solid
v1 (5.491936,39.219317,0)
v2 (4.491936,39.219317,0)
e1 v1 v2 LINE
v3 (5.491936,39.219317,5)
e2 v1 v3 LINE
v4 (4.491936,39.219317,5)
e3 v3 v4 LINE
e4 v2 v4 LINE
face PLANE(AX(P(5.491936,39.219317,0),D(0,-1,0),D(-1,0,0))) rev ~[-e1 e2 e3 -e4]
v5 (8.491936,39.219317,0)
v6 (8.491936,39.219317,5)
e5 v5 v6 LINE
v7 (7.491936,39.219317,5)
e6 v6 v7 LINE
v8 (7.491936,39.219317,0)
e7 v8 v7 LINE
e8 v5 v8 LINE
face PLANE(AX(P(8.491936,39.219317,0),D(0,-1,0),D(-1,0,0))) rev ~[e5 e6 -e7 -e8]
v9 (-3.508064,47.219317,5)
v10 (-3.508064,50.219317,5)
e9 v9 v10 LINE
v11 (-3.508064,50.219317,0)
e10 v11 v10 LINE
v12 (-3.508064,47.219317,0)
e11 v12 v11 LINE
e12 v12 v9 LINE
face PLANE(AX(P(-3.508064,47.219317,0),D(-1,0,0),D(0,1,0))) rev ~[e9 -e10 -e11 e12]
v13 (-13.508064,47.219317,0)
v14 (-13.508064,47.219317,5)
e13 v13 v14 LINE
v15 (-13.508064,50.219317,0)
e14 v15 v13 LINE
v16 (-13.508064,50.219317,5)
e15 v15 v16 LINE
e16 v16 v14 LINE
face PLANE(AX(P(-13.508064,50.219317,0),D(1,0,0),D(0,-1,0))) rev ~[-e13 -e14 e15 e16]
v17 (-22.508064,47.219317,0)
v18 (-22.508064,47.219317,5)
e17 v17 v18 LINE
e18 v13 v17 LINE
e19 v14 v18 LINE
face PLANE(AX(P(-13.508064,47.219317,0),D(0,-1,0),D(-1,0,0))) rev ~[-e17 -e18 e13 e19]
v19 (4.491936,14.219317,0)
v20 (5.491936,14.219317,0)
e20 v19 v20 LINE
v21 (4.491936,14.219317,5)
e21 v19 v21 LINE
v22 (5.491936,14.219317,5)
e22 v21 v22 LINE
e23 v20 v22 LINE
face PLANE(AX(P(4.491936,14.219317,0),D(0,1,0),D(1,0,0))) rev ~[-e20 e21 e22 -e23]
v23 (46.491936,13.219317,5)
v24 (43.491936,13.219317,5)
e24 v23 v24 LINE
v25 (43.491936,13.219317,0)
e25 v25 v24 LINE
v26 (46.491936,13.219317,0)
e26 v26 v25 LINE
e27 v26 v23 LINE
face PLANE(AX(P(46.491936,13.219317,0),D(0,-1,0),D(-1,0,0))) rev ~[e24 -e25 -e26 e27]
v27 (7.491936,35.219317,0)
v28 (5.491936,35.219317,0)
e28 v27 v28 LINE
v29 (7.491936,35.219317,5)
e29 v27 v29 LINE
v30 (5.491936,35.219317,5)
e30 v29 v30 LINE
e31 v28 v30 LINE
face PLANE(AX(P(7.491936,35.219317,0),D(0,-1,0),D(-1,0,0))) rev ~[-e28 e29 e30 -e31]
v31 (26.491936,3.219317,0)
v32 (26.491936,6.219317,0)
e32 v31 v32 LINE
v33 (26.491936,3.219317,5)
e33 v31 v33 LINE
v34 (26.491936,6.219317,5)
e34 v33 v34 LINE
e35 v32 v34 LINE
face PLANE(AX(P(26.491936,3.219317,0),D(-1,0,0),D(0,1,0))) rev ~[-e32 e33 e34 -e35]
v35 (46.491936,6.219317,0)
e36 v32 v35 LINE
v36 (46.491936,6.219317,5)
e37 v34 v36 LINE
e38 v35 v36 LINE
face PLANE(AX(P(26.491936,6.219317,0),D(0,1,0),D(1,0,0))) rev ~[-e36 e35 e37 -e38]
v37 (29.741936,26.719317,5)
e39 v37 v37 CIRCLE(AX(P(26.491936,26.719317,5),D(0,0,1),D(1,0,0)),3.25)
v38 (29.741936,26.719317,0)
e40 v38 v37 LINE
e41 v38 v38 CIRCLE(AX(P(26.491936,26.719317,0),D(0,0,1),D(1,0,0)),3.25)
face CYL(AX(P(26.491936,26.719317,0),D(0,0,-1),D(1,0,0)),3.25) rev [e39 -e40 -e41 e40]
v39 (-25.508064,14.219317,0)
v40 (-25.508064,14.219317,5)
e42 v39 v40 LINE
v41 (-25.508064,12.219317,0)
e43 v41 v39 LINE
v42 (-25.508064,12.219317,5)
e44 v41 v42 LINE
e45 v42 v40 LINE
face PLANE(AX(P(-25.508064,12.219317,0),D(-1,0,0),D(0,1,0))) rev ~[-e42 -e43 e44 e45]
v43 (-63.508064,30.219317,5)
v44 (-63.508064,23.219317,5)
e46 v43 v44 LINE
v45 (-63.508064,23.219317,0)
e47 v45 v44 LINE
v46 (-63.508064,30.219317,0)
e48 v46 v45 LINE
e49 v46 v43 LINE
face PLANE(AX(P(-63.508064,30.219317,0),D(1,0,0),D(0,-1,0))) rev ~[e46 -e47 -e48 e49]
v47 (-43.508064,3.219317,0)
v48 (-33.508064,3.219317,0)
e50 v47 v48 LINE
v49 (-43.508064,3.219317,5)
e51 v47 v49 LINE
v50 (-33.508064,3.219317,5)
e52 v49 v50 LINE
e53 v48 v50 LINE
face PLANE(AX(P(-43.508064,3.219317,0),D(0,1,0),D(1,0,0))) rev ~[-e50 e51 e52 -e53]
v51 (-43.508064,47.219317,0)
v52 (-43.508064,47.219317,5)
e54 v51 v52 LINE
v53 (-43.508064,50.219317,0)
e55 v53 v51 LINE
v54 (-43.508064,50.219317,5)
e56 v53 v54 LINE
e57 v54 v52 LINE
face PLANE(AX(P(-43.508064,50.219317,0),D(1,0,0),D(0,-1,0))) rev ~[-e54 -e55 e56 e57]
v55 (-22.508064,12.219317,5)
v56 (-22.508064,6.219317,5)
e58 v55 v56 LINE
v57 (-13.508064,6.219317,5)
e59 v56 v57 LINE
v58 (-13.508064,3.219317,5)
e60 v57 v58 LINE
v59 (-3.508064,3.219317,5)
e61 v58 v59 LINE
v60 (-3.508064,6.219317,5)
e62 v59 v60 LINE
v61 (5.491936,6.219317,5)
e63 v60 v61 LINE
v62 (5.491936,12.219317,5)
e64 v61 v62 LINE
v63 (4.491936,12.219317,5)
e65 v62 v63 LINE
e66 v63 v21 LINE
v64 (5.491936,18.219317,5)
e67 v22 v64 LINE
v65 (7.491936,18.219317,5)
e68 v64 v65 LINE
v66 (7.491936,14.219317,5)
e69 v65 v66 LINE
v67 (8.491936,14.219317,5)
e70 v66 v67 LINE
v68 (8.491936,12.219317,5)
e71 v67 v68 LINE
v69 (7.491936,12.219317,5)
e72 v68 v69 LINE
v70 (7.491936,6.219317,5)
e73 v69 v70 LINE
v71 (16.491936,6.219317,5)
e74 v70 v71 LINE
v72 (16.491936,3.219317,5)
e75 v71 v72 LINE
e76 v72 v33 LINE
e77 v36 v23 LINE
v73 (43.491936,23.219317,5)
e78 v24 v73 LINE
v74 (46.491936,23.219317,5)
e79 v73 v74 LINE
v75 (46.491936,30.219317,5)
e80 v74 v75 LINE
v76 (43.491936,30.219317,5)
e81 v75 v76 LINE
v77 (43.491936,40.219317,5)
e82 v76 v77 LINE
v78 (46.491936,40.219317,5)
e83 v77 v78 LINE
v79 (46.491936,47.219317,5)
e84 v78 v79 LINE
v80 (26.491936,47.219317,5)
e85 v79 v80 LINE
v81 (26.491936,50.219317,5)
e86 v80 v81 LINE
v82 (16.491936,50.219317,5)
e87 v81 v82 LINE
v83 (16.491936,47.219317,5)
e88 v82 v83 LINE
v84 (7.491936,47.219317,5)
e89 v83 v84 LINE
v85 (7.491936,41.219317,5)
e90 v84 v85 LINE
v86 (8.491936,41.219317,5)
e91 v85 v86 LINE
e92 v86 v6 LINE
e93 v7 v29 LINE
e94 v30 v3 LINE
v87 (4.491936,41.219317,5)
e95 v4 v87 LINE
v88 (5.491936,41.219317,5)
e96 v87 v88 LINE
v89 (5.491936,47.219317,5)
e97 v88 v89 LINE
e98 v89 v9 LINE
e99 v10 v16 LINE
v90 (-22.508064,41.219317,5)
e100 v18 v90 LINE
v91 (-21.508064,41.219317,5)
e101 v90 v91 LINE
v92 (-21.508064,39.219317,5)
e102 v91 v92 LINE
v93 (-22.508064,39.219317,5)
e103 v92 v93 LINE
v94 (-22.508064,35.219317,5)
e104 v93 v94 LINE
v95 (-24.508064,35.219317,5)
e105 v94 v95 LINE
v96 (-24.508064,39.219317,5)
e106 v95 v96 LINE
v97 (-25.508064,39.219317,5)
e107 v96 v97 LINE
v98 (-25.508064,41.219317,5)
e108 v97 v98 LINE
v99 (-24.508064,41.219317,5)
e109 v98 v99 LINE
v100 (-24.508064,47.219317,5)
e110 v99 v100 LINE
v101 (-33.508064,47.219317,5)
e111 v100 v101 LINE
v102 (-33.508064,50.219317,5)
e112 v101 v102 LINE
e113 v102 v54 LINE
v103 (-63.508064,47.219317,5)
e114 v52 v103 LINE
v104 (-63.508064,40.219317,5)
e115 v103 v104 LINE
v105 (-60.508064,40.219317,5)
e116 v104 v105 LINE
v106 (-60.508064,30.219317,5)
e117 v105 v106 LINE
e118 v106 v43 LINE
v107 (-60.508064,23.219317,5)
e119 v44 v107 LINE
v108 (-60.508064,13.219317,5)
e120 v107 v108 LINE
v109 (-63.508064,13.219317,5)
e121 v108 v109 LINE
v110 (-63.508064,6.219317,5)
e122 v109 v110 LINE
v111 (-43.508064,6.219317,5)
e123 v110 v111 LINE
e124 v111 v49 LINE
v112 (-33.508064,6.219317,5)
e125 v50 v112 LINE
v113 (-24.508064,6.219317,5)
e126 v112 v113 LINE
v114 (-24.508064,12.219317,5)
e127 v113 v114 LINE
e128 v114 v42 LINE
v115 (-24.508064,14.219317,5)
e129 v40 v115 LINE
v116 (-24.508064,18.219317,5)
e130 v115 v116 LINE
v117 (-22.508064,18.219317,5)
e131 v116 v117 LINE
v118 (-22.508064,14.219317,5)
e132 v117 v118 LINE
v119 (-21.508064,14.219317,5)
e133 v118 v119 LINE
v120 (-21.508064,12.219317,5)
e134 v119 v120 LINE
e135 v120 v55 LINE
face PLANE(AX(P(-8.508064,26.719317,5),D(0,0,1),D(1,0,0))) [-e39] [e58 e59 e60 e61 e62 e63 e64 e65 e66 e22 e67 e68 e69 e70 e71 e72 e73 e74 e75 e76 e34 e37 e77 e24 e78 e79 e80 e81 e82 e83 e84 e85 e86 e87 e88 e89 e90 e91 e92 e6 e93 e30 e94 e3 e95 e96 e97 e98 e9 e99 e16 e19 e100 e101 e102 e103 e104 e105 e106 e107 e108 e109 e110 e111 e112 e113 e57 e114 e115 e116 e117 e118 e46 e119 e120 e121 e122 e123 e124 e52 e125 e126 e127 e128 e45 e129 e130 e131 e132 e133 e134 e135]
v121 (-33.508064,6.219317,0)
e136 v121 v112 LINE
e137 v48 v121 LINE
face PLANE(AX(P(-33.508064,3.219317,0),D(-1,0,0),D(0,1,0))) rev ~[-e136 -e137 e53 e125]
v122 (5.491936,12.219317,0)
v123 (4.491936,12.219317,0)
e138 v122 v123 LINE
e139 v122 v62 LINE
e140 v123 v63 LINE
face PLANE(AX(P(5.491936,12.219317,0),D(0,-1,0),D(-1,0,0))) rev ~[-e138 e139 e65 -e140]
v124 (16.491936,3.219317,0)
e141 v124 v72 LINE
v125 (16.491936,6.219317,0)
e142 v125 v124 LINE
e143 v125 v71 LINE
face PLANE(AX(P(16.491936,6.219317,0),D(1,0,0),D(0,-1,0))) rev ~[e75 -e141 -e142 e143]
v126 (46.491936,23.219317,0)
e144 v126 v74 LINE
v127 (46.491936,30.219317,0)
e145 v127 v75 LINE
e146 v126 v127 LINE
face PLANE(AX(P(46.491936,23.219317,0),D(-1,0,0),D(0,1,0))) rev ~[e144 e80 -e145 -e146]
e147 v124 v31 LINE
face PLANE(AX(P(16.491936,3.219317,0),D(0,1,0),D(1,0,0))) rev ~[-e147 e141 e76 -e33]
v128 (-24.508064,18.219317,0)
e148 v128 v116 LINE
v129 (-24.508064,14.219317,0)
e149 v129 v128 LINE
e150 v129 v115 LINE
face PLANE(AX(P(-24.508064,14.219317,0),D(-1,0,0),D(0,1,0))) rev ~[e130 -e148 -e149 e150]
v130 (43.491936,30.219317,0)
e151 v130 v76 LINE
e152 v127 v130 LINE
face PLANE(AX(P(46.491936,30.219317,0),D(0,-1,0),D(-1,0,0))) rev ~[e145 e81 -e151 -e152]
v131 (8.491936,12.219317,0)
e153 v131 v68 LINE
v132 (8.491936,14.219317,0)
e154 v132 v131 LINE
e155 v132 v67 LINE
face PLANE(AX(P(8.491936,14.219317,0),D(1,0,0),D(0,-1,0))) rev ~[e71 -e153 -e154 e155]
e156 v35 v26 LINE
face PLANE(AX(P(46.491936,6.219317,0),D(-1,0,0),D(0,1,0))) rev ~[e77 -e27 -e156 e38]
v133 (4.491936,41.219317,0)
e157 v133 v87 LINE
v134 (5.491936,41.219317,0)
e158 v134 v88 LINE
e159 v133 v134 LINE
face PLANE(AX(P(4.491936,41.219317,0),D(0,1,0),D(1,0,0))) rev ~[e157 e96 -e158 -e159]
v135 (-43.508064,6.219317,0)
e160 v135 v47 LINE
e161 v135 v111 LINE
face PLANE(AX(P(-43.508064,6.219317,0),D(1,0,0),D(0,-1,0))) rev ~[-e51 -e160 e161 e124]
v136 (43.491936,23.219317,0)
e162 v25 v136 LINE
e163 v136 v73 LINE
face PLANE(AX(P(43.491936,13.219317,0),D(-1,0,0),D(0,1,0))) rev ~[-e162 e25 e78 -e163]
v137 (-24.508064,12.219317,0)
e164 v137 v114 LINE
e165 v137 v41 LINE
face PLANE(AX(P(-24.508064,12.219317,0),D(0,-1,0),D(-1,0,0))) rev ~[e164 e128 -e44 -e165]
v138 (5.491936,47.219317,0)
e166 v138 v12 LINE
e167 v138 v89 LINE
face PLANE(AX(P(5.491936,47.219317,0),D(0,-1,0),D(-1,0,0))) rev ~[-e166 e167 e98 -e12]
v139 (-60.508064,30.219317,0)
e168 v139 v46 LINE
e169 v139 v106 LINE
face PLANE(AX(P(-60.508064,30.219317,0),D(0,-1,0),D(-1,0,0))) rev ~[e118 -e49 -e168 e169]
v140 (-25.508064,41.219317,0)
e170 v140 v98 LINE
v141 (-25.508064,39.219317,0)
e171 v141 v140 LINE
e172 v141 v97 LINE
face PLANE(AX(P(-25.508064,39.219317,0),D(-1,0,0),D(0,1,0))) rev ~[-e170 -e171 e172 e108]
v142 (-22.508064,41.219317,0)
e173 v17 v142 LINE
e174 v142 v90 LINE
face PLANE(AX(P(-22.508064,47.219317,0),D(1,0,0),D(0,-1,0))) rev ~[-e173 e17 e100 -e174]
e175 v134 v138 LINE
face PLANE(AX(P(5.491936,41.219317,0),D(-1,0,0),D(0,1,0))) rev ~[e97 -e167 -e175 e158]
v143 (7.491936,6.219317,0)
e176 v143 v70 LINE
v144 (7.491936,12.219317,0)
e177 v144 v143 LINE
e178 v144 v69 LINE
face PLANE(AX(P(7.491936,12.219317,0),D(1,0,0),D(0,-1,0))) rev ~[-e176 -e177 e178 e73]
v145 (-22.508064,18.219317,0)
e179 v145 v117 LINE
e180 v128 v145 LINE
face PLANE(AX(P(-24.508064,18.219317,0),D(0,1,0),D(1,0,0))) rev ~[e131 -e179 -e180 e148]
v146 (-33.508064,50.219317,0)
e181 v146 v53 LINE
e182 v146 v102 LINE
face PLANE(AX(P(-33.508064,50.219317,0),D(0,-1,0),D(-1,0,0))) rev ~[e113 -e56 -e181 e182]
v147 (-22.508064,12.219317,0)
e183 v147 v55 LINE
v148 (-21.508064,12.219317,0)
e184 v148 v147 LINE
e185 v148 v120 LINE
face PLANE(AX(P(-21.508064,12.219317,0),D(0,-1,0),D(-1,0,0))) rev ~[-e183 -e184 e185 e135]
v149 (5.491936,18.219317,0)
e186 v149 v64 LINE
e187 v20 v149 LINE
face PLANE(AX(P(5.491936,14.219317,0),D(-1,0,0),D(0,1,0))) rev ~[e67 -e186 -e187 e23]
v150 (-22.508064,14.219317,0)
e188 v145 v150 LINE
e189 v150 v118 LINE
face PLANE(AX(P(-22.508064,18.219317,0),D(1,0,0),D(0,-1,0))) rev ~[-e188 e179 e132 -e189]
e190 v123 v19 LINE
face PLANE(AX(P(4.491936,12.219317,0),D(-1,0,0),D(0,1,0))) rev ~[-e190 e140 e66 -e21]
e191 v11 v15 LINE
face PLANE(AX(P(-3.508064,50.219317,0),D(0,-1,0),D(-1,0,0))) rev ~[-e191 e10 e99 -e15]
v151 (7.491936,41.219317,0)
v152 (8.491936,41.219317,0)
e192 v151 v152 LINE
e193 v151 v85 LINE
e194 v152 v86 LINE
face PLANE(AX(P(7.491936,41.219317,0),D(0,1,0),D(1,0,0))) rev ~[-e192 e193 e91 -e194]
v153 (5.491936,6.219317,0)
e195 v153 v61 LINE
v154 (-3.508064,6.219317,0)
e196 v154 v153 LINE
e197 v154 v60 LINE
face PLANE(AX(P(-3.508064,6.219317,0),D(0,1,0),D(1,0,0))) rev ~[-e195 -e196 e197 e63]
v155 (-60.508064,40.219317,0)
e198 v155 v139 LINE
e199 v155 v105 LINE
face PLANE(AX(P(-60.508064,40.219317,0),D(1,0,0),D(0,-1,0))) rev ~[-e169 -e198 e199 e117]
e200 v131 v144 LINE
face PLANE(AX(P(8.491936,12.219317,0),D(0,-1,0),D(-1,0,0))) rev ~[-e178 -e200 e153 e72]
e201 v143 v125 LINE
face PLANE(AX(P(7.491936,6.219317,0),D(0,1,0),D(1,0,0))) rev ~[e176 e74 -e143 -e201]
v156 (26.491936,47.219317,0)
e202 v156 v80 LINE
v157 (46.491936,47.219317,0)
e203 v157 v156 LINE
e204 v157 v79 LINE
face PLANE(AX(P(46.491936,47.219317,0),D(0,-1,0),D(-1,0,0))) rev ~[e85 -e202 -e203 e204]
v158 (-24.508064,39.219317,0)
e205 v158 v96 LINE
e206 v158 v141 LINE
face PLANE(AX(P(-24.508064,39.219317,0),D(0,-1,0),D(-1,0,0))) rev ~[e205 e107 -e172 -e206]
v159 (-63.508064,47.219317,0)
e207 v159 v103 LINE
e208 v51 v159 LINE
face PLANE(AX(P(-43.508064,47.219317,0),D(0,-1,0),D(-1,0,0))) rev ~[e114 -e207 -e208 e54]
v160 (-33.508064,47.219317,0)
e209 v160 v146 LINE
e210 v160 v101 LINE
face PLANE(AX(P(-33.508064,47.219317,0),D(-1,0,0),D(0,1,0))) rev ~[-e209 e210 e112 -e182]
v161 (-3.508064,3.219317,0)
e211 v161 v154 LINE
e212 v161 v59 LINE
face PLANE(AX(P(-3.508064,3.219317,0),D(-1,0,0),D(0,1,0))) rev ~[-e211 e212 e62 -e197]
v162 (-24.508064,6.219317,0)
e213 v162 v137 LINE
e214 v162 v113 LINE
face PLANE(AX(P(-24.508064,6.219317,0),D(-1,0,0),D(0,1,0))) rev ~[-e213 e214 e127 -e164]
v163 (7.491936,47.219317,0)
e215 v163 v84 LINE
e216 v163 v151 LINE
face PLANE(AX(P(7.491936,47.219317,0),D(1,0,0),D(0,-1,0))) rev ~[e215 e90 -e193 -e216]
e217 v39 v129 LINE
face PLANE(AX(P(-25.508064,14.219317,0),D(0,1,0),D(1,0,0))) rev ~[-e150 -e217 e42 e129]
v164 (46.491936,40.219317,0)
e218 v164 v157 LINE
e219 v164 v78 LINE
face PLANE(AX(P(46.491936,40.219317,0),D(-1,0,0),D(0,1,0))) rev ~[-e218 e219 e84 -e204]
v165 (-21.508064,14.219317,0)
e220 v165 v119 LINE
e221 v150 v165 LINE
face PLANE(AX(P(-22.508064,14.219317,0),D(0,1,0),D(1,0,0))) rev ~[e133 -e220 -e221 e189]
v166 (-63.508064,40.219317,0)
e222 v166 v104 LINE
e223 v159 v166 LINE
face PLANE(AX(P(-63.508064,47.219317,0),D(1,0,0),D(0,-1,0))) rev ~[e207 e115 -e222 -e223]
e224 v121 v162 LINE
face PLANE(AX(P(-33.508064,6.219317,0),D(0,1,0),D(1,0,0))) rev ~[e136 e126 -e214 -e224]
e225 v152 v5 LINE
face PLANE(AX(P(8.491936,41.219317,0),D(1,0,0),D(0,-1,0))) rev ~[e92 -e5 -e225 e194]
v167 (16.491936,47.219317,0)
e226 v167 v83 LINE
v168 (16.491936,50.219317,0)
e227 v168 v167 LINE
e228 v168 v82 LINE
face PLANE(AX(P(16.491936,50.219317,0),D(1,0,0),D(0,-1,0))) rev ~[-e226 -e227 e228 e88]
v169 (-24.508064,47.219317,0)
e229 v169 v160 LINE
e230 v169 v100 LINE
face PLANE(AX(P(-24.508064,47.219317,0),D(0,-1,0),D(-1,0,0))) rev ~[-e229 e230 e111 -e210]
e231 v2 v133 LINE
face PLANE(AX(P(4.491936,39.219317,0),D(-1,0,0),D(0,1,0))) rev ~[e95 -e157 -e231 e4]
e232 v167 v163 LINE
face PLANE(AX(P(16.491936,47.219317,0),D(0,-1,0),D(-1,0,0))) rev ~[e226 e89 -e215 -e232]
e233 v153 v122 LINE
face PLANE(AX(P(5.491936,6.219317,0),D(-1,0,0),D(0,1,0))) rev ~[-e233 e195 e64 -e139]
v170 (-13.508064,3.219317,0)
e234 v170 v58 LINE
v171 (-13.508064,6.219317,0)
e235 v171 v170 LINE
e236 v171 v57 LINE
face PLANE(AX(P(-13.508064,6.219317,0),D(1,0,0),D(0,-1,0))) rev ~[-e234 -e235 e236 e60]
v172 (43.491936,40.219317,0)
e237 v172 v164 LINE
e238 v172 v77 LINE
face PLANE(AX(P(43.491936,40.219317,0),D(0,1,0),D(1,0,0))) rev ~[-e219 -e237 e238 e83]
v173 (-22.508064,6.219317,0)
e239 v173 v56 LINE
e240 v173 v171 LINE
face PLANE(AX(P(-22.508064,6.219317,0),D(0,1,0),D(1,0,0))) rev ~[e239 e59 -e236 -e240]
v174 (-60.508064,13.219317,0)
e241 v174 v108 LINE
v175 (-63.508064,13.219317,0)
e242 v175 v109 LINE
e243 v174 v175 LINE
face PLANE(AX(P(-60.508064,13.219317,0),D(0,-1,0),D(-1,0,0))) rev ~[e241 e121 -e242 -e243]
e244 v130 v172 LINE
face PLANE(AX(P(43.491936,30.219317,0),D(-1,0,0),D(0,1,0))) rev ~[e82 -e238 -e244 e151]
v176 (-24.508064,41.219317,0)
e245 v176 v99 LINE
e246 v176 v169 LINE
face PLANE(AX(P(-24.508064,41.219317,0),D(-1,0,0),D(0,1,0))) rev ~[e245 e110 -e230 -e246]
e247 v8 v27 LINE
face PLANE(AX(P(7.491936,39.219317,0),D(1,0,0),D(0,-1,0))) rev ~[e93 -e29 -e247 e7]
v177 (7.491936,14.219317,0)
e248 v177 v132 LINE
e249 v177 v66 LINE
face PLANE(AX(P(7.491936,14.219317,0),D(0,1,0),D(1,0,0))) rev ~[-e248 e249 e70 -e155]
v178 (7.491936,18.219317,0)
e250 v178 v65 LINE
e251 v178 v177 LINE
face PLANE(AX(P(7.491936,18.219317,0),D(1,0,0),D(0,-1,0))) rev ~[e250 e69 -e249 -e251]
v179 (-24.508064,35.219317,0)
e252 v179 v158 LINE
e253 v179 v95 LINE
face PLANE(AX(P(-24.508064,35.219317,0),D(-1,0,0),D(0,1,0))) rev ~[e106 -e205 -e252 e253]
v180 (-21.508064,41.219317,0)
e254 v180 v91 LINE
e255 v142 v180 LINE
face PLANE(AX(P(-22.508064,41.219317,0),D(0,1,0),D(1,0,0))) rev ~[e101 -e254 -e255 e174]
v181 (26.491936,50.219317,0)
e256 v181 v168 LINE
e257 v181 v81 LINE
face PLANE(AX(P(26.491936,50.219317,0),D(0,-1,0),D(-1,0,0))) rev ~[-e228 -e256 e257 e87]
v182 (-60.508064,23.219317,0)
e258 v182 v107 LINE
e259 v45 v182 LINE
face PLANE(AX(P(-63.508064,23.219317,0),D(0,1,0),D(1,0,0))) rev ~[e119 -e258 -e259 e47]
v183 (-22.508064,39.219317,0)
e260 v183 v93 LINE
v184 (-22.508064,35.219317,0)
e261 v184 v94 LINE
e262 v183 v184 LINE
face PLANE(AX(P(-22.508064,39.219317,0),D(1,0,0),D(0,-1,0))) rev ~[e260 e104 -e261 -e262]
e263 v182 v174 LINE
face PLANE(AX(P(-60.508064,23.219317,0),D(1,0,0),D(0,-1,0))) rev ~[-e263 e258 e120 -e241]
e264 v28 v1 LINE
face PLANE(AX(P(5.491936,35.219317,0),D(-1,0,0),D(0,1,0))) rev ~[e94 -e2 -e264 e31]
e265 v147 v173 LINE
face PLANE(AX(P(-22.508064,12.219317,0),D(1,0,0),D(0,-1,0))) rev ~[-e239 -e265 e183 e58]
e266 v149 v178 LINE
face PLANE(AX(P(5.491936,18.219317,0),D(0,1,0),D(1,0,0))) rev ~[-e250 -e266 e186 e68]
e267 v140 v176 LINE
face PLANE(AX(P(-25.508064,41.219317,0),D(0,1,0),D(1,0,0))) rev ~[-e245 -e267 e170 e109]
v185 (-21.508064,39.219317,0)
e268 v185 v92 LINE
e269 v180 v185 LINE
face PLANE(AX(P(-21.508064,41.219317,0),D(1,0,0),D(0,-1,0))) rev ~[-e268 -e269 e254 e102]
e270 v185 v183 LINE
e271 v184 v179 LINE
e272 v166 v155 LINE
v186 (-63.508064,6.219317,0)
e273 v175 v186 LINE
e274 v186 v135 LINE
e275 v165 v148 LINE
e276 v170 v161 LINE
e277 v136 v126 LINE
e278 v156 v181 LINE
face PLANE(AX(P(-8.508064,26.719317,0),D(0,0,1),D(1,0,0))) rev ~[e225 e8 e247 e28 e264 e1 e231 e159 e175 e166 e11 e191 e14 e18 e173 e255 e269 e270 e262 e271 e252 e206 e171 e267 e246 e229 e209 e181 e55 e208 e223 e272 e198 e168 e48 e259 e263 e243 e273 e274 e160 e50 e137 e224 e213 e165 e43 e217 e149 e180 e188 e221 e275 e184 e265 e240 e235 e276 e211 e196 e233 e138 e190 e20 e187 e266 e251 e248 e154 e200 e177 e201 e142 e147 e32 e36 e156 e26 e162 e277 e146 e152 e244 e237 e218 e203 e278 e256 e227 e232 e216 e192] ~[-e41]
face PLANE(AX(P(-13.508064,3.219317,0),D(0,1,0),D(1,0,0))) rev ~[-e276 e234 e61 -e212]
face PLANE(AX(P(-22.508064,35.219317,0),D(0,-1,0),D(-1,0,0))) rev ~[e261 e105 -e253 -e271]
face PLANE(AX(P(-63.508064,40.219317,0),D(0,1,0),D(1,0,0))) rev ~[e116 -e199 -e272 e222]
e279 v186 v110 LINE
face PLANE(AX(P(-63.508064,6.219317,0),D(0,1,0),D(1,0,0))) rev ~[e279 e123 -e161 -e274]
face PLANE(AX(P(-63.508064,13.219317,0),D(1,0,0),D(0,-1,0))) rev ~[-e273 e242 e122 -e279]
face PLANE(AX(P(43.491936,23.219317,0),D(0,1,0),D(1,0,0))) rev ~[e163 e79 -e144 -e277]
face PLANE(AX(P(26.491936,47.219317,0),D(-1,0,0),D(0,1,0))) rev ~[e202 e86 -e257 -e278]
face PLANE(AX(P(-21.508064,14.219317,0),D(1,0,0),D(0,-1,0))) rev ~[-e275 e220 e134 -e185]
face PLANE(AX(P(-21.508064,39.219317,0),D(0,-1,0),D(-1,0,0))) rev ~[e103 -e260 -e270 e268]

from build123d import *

# Parameters (mm, degrees)
F0_R     = 3.25
F1_DEPTH = 5


with BuildPart() as f1:
    # F0 (on Top) → F1 (new body)
    with BuildSketch(Plane.XY):
        Polygon((-43.508064, 47.219317), (-63.508064, 47.219317), (-63.508064, 40.219317), (-60.508064, 40.219317), (-60.508064, 30.219317), (-63.508064, 30.219317), (-63.508064, 23.219317), (-60.508064, 23.219317), (-60.508064, 13.219317), (-63.508064, 13.219317), (-63.508064, 6.219317), (-43.508064, 6.219317), (-43.508064, 3.219317), (-33.508064, 3.219317), (-33.508064, 6.219317), (-24.508064, 6.219317), (-24.508064, 12.219317), (-25.508064, 12.219317), (-25.508064, 14.219317), (-24.508064, 14.219317), (-24.508064, 18.219317), (-22.508064, 18.219317), (-22.508064, 14.219317), (-21.508064, 14.219317), (-21.508064, 12.219317), (-22.508064, 12.219317), (-22.508064, 6.219317), (-13.508064, 6.219317), (-13.508064, 3.219317), (-3.508064, 3.219317), (-3.508064, 6.219317), (5.491936, 6.219317), (5.491936, 12.219317), (4.491936, 12.219317), (4.491936, 14.219317), (5.491936, 14.219317), (5.491936, 18.219317), (7.491936, 18.219317), (7.491936, 14.219317), (8.491936, 14.219317), (8.491936, 12.219317), (7.491936, 12.219317), (7.491936, 6.219317), (16.491936, 6.219317), (16.491936, 3.219317), (26.491936, 3.219317), (26.491936, 6.219317), (46.491936, 6.219317), (46.491936, 13.219317), (43.491936, 13.219317), (43.491936, 23.219317), (46.491936, 23.219317), (46.491936, 30.219317), (43.491936, 30.219317), (43.491936, 40.219317), (46.491936, 40.219317), (46.491936, 47.219317), (26.491936, 47.219317), (26.491936, 50.219317), (16.491936, 50.219317), (16.491936, 47.219317), (7.491936, 47.219317), (7.491936, 41.219317), (8.491936, 41.219317), (8.491936, 39.219317), (7.491936, 39.219317), (7.491936, 35.219317), (5.491936, 35.219317), (5.491936, 39.219317), (4.491936, 39.219317), (4.491936, 41.219317), (5.491936, 41.219317), (5.491936, 47.219317), (-3.508064, 47.219317), (-3.508064, 50.219317), (-13.508064, 50.219317), (-13.508064, 47.219317), (-22.508064, 47.219317), (-22.508064, 41.219317), (-21.508064, 41.219317), (-21.508064, 39.219317), (-22.508064, 39.219317), (-22.508064, 35.219317), (-24.508064, 35.219317), (-24.508064, 39.219317), (-25.508064, 39.219317), (-25.508064, 41.219317), (-24.508064, 41.219317), (-24.508064, 47.219317), (-33.508064, 47.219317), (-33.508064, 50.219317), (-43.508064, 50.219317), align=None)
        with Locations((26.491936, 26.719317)):
            Circle(F0_R, mode=Mode.SUBTRACT)
    extrude(amount=F1_DEPTH)


solid = f1.part
